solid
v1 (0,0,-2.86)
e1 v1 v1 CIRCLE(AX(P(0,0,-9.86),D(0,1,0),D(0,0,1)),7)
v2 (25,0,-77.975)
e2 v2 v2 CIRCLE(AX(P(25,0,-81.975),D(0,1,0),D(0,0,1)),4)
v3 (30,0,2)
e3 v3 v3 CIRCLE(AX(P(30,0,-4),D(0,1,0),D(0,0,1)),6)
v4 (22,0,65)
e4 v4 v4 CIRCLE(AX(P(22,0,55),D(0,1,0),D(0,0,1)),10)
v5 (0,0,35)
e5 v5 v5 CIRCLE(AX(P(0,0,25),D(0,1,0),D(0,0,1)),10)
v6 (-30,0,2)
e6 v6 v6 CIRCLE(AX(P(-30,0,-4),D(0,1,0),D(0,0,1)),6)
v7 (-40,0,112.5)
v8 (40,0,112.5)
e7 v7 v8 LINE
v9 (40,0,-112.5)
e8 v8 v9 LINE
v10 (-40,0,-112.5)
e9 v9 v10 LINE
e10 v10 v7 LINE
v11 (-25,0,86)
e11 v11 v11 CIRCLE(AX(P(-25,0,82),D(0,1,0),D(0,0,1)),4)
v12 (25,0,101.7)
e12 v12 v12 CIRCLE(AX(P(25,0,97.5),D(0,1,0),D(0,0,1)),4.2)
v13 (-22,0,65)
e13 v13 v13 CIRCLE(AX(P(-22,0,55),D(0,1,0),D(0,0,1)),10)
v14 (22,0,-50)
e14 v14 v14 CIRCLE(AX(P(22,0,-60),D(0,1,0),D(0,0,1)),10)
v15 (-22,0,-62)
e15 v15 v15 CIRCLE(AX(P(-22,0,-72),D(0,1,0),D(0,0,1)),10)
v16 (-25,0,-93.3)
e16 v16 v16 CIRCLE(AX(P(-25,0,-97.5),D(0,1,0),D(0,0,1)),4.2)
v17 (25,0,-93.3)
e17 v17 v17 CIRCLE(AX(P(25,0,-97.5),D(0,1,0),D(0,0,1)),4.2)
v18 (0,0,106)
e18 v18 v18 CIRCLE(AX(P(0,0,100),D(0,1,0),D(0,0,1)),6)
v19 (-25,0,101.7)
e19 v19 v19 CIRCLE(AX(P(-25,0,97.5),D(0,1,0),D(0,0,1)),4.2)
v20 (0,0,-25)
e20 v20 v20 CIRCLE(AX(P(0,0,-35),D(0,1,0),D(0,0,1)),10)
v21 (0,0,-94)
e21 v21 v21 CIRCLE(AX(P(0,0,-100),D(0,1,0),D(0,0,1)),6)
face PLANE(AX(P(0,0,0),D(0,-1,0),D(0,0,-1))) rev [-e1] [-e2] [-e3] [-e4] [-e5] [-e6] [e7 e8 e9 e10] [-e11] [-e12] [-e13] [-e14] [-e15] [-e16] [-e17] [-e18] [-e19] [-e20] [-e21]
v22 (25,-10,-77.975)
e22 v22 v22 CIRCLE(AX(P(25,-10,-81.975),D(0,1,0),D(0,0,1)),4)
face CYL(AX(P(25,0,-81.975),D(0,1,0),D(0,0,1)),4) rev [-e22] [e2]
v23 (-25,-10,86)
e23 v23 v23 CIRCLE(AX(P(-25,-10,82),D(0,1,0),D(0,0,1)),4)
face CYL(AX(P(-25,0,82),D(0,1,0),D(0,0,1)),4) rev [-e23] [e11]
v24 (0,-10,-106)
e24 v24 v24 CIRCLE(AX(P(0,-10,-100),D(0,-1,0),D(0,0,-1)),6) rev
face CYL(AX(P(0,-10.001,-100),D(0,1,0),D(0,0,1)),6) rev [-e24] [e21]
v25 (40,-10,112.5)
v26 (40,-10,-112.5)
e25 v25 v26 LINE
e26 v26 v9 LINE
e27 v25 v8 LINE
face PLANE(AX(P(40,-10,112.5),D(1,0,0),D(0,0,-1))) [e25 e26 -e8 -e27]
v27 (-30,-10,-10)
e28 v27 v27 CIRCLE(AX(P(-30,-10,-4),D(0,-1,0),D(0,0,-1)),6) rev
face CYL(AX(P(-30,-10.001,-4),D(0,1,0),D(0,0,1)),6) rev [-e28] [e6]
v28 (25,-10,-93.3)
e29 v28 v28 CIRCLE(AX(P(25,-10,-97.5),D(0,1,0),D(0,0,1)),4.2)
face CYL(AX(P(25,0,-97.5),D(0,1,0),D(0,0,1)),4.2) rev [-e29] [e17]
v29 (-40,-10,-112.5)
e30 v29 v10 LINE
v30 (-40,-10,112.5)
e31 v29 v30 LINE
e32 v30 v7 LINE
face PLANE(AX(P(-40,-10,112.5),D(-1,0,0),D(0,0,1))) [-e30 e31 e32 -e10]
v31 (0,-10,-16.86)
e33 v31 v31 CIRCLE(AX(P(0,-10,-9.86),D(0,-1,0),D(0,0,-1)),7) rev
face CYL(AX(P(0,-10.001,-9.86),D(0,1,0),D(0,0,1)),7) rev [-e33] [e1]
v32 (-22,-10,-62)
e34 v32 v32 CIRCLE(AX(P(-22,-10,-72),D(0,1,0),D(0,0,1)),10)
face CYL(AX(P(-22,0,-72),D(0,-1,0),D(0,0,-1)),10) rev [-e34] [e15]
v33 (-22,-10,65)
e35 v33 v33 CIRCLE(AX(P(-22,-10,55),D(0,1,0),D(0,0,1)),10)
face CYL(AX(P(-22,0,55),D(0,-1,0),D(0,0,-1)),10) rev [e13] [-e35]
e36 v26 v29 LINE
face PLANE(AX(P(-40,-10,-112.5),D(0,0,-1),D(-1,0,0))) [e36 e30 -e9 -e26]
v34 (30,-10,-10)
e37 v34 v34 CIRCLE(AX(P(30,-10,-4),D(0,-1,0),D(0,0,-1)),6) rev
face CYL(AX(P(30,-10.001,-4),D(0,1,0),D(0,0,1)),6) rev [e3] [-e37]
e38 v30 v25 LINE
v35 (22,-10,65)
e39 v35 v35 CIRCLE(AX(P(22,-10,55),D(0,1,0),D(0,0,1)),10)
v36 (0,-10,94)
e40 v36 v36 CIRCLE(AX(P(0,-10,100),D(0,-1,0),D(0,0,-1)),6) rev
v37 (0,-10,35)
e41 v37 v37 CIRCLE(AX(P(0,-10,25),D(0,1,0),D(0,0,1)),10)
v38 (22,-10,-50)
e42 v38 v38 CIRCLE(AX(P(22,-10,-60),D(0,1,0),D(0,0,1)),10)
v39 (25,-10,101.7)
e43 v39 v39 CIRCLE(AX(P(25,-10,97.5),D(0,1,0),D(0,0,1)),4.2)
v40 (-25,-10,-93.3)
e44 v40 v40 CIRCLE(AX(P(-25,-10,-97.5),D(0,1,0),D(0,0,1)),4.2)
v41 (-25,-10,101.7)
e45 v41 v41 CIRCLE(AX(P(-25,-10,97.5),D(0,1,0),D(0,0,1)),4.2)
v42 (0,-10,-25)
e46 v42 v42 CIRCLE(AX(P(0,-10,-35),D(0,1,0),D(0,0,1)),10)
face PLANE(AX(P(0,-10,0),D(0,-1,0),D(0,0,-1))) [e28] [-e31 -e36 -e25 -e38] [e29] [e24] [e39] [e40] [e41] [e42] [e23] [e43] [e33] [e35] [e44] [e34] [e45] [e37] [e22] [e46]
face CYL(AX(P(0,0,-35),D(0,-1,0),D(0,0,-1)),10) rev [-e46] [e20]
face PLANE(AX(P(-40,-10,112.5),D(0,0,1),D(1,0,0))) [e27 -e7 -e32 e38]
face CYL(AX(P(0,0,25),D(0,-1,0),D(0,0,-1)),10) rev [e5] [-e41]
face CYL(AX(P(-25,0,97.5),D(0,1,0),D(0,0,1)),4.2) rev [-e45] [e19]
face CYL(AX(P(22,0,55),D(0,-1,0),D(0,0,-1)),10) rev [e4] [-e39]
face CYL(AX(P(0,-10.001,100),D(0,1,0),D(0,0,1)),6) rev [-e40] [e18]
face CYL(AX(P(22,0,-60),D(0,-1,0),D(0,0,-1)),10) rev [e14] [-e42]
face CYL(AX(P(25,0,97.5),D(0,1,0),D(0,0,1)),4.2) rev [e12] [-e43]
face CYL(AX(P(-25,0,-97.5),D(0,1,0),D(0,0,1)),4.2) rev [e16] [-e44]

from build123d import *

# Parameters (mm, degrees)
SKETCH1_W             = 80
SKETCH1_H             = 225
BOSS_EXTRUDE1_DEPTH   = 10
CUT_EXTRUDE1_REACH    = 121.818
SKETCH2_R             = 6
M8_CLEARANCE_HOLE1_D  = 8.4
F_8_0MM_DOWEL_HOLE1_D = 8
CUT_EXTRUDE3_REACH    = 121.818
SKETCH10_R            = 7
SKETCH14_R            = 10
CUT_EXTRUDE4_DEPTH    = 120.817569663


with BuildPart() as part:
    # Sketch1 → Boss-Extrude1 (new body)
    with BuildSketch(Plane(origin=(0, 0, 0), x_dir=(1, 0, 0), z_dir=(0, 1, 0))):
        Rectangle(SKETCH1_W, SKETCH1_H)
    extrude(amount=-BOSS_EXTRUDE1_DEPTH)

    # Sketch2 → Cut-Extrude1 (cut, up to next)
    with BuildSketch(Plane(origin=(0, 0, 0), x_dir=(1, 0, 0), z_dir=(0, 1, 0)), mode=Mode.PRIVATE) as cut_extrude1_sk1:
        with Locations(Location((0, 100, 0), (0, 0, 270))):
            Circle(SKETCH2_R)
    cut_extrude1_tool1 = extrude(cut_extrude1_sk1.sketch, amount=-CUT_EXTRUDE1_REACH, mode=Mode.PRIVATE) & part.part
    # Sketch2 → Cut-Extrude1 (cut, up to next)
    with BuildSketch(Plane(origin=(0, 0, 0), x_dir=(1, 0, 0), z_dir=(0, 1, 0)), mode=Mode.PRIVATE) as cut_extrude1_sk2:
        with Locations(Location((30, 4, 0), (0, 0, 270))):
            Circle(SKETCH2_R)
    cut_extrude1_tool2 = extrude(cut_extrude1_sk2.sketch, amount=-CUT_EXTRUDE1_REACH, mode=Mode.PRIVATE) & part.part
    # Sketch2 → Cut-Extrude1 (cut, up to next)
    with BuildSketch(Plane(origin=(0, 0, 0), x_dir=(1, 0, 0), z_dir=(0, 1, 0)), mode=Mode.PRIVATE) as cut_extrude1_sk3:
        with Locations(Location((-30, 4, 0), (0, 0, 270))):
            Circle(SKETCH2_R)
    cut_extrude1_tool3 = extrude(cut_extrude1_sk3.sketch, amount=-CUT_EXTRUDE1_REACH, mode=Mode.PRIVATE) & part.part
    # Sketch2 → Cut-Extrude1 (cut, up to next)
    with BuildSketch(Plane(origin=(0, 0, 0), x_dir=(1, 0, 0), z_dir=(0, 1, 0)), mode=Mode.PRIVATE) as cut_extrude1_sk4:
        with Locations(Location((0, -100, 0), (0, 0, 270))):
            Circle(SKETCH2_R)
    cut_extrude1_tool4 = extrude(cut_extrude1_sk4.sketch, amount=-CUT_EXTRUDE1_REACH, mode=Mode.PRIVATE) & part.part
    add(cut_extrude1_tool1.solids().sort_by_distance((0, 0, -100))[0], mode=Mode.SUBTRACT)
    add(cut_extrude1_tool2.solids().sort_by_distance((30, 0, -4))[0], mode=Mode.SUBTRACT)
    add(cut_extrude1_tool3.solids().sort_by_distance((-30, 0, -4))[0], mode=Mode.SUBTRACT)
    add(cut_extrude1_tool4.solids().sort_by_distance((0, 0, 100))[0], mode=Mode.SUBTRACT)

    # M8 Clearance Hole1 (through all)
    with Locations(Plane(origin=(0, 0, 0), x_dir=(1, 0, 0), z_dir=(0, 1, 0))):
        with Locations((-25, 97.5), (25, 97.5), (25, -97.5), (-25, -97.5)):
            Hole(M8_CLEARANCE_HOLE1_D / 2)

    # Ø8.0mm Dowel Hole1 (through all)
    with Locations(Plane(origin=(0, 0, 0), x_dir=(1, 0, 0), z_dir=(0, 1, 0))):
        with Locations((25, 81.975), (-25, -82)):
            Hole(F_8_0MM_DOWEL_HOLE1_D / 2)

    # Sketch10 → Cut-Extrude3 (cut, up to next)
    with BuildSketch(Plane(origin=(0, 0, 0), x_dir=(1, 0, 0), z_dir=(0, 1, 0)), mode=Mode.PRIVATE) as cut_extrude3_sk1:
        with Locations(Location((0, 9.86, 0), (0, 0, 270))):
            Circle(SKETCH10_R)
    cut_extrude3_tool1 = extrude(cut_extrude3_sk1.sketch, amount=-CUT_EXTRUDE3_REACH, mode=Mode.PRIVATE) & part.part
    add(cut_extrude3_tool1.solids().sort_by_distance((0, 0, -9.86))[0], mode=Mode.SUBTRACT)

    # Sketch14 → Cut-Extrude4 (cut, through all)
    with BuildSketch(Plane(origin=(0, -10, 0), x_dir=(1, 0, 0), z_dir=(0, 1, 0))):
        with Locations(Location((22, 60, 0), (0, 0, 270))):
            Circle(SKETCH14_R)
        with Locations(Location((-22, 72, 0), (0, 0, 270))):
            Circle(SKETCH14_R)
        with Locations(Location((0, 35, 0), (0, 0, 270))):
            Circle(SKETCH14_R)
        with Locations(Location((0, -25, 0), (0, 0, 270))):
            Circle(SKETCH14_R)
        with Locations(Location((-22, -55, 0), (0, 0, 270))):
            Circle(SKETCH14_R)
        with Locations(Location((22, -55, 0), (0, 0, 270))):
            Circle(SKETCH14_R)
    extrude(amount=CUT_EXTRUDE4_DEPTH, mode=Mode.SUBTRACT)


solid = part.part
